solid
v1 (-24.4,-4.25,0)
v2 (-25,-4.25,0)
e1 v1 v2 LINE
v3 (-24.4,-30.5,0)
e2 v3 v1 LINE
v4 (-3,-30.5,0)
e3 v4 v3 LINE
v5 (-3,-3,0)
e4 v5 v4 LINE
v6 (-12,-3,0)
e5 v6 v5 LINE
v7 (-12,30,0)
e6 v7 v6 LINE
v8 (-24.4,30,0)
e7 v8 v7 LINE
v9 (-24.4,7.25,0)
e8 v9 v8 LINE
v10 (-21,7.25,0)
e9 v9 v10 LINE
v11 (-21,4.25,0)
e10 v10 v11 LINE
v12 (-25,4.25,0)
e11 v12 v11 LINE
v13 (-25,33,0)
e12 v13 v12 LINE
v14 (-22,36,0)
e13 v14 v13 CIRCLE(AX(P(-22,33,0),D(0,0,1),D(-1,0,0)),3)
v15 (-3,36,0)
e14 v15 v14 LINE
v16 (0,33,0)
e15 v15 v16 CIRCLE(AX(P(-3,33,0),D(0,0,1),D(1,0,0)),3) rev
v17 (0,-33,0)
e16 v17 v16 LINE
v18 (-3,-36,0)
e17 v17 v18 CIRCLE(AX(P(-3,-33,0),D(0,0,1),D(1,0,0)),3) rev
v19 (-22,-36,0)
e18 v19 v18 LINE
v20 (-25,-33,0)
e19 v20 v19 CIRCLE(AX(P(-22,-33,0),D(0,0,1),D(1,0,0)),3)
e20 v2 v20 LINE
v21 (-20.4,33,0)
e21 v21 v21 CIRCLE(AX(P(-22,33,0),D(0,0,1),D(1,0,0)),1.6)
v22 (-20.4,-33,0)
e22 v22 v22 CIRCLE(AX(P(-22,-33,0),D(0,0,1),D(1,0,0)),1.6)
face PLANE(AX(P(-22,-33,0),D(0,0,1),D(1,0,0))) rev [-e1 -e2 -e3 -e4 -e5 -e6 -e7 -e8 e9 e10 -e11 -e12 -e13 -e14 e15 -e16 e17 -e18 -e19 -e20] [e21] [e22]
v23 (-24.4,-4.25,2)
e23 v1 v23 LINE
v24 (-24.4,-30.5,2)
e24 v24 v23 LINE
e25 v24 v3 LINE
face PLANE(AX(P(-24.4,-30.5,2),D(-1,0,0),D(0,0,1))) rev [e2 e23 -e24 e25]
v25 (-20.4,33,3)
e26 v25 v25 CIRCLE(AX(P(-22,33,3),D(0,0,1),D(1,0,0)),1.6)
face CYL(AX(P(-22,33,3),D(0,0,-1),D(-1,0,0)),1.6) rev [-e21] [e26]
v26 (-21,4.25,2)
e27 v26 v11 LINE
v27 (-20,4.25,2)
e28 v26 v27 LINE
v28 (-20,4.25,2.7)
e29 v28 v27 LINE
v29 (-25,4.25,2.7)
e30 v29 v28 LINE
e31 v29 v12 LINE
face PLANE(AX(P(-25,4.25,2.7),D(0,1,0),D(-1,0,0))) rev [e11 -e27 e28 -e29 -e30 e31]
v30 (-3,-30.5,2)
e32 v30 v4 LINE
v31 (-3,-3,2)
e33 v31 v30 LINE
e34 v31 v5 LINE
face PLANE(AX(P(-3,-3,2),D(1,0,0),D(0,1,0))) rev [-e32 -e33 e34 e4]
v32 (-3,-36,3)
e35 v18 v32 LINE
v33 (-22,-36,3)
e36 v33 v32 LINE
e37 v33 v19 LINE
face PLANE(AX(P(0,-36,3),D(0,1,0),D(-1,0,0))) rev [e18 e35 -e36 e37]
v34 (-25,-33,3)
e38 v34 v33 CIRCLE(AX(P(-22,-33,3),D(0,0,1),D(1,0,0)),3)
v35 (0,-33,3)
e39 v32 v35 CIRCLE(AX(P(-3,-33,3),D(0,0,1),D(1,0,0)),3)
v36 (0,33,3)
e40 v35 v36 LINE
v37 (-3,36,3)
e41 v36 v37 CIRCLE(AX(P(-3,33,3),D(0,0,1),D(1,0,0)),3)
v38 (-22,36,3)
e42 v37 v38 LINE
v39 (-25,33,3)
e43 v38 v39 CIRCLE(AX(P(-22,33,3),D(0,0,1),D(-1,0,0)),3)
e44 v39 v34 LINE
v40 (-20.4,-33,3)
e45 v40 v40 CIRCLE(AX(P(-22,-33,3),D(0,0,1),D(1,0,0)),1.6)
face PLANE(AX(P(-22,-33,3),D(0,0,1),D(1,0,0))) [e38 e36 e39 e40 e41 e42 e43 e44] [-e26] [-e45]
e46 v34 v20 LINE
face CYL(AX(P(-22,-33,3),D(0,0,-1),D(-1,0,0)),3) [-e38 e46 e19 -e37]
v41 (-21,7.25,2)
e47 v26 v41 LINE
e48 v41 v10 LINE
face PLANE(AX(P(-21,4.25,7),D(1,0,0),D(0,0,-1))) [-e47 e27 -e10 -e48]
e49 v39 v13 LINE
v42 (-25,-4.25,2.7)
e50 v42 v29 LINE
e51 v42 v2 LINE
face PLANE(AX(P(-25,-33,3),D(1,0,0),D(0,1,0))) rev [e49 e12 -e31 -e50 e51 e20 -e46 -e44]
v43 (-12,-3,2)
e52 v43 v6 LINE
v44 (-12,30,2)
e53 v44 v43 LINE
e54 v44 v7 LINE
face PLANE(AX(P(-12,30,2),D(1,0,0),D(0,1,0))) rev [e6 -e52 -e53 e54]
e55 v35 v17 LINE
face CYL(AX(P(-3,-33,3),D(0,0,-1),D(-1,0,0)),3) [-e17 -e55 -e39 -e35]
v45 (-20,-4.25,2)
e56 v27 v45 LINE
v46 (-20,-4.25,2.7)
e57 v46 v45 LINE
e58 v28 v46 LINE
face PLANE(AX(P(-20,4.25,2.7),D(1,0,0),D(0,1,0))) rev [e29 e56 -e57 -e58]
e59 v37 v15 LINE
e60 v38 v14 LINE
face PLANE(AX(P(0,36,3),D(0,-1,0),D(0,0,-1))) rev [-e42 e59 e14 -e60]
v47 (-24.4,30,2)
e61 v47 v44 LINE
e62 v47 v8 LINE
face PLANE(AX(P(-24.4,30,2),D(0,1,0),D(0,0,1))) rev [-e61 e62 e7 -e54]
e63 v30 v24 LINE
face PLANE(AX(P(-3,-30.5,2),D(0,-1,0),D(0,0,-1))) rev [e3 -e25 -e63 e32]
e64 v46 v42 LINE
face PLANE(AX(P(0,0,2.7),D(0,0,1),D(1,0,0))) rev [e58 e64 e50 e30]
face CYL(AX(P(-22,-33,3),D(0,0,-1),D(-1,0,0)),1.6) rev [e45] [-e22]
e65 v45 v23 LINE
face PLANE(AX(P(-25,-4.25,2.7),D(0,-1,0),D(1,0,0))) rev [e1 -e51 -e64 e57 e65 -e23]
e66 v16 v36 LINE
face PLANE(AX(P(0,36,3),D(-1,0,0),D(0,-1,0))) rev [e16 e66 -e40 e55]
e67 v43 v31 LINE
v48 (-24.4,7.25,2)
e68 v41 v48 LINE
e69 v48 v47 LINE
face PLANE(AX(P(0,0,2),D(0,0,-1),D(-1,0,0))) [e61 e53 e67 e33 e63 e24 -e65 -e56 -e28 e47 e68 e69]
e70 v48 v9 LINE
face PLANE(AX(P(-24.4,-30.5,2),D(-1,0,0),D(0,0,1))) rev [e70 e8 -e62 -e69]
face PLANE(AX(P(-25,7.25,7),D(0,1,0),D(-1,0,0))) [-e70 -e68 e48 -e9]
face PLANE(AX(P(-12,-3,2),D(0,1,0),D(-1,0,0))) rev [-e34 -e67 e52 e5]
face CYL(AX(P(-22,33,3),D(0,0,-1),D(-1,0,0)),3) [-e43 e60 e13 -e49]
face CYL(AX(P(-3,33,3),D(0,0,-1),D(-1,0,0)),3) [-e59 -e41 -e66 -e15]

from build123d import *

# Parameters (mm, degrees)
SKETCH1_R           = 1.6
BOSS_EXTRUDE1_DEPTH = 3
CUT_EXTRUDE1_DEPTH  = 2
SKETCH3_W           = 5
SKETCH3_H           = 8.5
CUT_EXTRUDE2_DEPTH  = 2.7
SKETCH4_W           = 4
SKETCH4_H           = 3
BOSS_EXTRUDE2_DEPTH = 2
FILLET1_R           = 3


with BuildPart() as part:
    # Sketch1 → Boss-Extrude1 (new body)
    with BuildSketch(Plane.XY):
        with BuildLine():
            Line((0, 36), (0, -36))
            Line((0, -36), (-22, -36))
            ThreePointArc((-22, -36), (-24.121320344, -35.121320344), (-25, -33))
            Line((-25, -33), (-25, 33))
            ThreePointArc((-25, 33), (-24.121320344, 35.121320344), (-22, 36))
            Line((-22, 36), (0, 36))
        make_face()
        with Locations((-22, 33)):
            Circle(SKETCH1_R, mode=Mode.SUBTRACT)
        with Locations((-22, -33)):
            Circle(SKETCH1_R, mode=Mode.SUBTRACT)
    extrude(amount=BOSS_EXTRUDE1_DEPTH)

    # Sketch2 → Cut-Extrude1 (cut)
    with BuildSketch(Plane(origin=(0, 0, 0), x_dir=(-1, 0, 0), z_dir=(0, 0, -1))):
        Polygon((24.4, 30), (12, 30), (12, -3), (3, -3), (3, -30.5), (24.4, -30.5), align=None)
    extrude(amount=-CUT_EXTRUDE1_DEPTH, mode=Mode.SUBTRACT)

    # Sketch3 → Cut-Extrude2 (cut)
    with BuildSketch(Plane(origin=(0, 0, 0), x_dir=(-1, 0, 0), z_dir=(0, 0, -1))):
        with Locations((22.5, 0)):
            Rectangle(SKETCH3_W, SKETCH3_H)
    extrude(amount=-CUT_EXTRUDE2_DEPTH, mode=Mode.SUBTRACT)

    # Sketch4 → Boss-Extrude2 (add)
    with BuildSketch(Plane(origin=(0, 0, 0), x_dir=(-1, 0, 0), z_dir=(0, 0, -1))):
        with Locations((23, 5.75)):
            Rectangle(SKETCH4_W, SKETCH4_H)
    extrude(amount=-BOSS_EXTRUDE2_DEPTH)

    # Fillet1
    fillet1_edges = [part.edges().sort_by_distance(p)[0] for p in [
        (0, 36, 1.5),
        (0, -36, 1.5),
    ]]
    fillet(fillet1_edges, radius=FILLET1_R)


solid = part.part
